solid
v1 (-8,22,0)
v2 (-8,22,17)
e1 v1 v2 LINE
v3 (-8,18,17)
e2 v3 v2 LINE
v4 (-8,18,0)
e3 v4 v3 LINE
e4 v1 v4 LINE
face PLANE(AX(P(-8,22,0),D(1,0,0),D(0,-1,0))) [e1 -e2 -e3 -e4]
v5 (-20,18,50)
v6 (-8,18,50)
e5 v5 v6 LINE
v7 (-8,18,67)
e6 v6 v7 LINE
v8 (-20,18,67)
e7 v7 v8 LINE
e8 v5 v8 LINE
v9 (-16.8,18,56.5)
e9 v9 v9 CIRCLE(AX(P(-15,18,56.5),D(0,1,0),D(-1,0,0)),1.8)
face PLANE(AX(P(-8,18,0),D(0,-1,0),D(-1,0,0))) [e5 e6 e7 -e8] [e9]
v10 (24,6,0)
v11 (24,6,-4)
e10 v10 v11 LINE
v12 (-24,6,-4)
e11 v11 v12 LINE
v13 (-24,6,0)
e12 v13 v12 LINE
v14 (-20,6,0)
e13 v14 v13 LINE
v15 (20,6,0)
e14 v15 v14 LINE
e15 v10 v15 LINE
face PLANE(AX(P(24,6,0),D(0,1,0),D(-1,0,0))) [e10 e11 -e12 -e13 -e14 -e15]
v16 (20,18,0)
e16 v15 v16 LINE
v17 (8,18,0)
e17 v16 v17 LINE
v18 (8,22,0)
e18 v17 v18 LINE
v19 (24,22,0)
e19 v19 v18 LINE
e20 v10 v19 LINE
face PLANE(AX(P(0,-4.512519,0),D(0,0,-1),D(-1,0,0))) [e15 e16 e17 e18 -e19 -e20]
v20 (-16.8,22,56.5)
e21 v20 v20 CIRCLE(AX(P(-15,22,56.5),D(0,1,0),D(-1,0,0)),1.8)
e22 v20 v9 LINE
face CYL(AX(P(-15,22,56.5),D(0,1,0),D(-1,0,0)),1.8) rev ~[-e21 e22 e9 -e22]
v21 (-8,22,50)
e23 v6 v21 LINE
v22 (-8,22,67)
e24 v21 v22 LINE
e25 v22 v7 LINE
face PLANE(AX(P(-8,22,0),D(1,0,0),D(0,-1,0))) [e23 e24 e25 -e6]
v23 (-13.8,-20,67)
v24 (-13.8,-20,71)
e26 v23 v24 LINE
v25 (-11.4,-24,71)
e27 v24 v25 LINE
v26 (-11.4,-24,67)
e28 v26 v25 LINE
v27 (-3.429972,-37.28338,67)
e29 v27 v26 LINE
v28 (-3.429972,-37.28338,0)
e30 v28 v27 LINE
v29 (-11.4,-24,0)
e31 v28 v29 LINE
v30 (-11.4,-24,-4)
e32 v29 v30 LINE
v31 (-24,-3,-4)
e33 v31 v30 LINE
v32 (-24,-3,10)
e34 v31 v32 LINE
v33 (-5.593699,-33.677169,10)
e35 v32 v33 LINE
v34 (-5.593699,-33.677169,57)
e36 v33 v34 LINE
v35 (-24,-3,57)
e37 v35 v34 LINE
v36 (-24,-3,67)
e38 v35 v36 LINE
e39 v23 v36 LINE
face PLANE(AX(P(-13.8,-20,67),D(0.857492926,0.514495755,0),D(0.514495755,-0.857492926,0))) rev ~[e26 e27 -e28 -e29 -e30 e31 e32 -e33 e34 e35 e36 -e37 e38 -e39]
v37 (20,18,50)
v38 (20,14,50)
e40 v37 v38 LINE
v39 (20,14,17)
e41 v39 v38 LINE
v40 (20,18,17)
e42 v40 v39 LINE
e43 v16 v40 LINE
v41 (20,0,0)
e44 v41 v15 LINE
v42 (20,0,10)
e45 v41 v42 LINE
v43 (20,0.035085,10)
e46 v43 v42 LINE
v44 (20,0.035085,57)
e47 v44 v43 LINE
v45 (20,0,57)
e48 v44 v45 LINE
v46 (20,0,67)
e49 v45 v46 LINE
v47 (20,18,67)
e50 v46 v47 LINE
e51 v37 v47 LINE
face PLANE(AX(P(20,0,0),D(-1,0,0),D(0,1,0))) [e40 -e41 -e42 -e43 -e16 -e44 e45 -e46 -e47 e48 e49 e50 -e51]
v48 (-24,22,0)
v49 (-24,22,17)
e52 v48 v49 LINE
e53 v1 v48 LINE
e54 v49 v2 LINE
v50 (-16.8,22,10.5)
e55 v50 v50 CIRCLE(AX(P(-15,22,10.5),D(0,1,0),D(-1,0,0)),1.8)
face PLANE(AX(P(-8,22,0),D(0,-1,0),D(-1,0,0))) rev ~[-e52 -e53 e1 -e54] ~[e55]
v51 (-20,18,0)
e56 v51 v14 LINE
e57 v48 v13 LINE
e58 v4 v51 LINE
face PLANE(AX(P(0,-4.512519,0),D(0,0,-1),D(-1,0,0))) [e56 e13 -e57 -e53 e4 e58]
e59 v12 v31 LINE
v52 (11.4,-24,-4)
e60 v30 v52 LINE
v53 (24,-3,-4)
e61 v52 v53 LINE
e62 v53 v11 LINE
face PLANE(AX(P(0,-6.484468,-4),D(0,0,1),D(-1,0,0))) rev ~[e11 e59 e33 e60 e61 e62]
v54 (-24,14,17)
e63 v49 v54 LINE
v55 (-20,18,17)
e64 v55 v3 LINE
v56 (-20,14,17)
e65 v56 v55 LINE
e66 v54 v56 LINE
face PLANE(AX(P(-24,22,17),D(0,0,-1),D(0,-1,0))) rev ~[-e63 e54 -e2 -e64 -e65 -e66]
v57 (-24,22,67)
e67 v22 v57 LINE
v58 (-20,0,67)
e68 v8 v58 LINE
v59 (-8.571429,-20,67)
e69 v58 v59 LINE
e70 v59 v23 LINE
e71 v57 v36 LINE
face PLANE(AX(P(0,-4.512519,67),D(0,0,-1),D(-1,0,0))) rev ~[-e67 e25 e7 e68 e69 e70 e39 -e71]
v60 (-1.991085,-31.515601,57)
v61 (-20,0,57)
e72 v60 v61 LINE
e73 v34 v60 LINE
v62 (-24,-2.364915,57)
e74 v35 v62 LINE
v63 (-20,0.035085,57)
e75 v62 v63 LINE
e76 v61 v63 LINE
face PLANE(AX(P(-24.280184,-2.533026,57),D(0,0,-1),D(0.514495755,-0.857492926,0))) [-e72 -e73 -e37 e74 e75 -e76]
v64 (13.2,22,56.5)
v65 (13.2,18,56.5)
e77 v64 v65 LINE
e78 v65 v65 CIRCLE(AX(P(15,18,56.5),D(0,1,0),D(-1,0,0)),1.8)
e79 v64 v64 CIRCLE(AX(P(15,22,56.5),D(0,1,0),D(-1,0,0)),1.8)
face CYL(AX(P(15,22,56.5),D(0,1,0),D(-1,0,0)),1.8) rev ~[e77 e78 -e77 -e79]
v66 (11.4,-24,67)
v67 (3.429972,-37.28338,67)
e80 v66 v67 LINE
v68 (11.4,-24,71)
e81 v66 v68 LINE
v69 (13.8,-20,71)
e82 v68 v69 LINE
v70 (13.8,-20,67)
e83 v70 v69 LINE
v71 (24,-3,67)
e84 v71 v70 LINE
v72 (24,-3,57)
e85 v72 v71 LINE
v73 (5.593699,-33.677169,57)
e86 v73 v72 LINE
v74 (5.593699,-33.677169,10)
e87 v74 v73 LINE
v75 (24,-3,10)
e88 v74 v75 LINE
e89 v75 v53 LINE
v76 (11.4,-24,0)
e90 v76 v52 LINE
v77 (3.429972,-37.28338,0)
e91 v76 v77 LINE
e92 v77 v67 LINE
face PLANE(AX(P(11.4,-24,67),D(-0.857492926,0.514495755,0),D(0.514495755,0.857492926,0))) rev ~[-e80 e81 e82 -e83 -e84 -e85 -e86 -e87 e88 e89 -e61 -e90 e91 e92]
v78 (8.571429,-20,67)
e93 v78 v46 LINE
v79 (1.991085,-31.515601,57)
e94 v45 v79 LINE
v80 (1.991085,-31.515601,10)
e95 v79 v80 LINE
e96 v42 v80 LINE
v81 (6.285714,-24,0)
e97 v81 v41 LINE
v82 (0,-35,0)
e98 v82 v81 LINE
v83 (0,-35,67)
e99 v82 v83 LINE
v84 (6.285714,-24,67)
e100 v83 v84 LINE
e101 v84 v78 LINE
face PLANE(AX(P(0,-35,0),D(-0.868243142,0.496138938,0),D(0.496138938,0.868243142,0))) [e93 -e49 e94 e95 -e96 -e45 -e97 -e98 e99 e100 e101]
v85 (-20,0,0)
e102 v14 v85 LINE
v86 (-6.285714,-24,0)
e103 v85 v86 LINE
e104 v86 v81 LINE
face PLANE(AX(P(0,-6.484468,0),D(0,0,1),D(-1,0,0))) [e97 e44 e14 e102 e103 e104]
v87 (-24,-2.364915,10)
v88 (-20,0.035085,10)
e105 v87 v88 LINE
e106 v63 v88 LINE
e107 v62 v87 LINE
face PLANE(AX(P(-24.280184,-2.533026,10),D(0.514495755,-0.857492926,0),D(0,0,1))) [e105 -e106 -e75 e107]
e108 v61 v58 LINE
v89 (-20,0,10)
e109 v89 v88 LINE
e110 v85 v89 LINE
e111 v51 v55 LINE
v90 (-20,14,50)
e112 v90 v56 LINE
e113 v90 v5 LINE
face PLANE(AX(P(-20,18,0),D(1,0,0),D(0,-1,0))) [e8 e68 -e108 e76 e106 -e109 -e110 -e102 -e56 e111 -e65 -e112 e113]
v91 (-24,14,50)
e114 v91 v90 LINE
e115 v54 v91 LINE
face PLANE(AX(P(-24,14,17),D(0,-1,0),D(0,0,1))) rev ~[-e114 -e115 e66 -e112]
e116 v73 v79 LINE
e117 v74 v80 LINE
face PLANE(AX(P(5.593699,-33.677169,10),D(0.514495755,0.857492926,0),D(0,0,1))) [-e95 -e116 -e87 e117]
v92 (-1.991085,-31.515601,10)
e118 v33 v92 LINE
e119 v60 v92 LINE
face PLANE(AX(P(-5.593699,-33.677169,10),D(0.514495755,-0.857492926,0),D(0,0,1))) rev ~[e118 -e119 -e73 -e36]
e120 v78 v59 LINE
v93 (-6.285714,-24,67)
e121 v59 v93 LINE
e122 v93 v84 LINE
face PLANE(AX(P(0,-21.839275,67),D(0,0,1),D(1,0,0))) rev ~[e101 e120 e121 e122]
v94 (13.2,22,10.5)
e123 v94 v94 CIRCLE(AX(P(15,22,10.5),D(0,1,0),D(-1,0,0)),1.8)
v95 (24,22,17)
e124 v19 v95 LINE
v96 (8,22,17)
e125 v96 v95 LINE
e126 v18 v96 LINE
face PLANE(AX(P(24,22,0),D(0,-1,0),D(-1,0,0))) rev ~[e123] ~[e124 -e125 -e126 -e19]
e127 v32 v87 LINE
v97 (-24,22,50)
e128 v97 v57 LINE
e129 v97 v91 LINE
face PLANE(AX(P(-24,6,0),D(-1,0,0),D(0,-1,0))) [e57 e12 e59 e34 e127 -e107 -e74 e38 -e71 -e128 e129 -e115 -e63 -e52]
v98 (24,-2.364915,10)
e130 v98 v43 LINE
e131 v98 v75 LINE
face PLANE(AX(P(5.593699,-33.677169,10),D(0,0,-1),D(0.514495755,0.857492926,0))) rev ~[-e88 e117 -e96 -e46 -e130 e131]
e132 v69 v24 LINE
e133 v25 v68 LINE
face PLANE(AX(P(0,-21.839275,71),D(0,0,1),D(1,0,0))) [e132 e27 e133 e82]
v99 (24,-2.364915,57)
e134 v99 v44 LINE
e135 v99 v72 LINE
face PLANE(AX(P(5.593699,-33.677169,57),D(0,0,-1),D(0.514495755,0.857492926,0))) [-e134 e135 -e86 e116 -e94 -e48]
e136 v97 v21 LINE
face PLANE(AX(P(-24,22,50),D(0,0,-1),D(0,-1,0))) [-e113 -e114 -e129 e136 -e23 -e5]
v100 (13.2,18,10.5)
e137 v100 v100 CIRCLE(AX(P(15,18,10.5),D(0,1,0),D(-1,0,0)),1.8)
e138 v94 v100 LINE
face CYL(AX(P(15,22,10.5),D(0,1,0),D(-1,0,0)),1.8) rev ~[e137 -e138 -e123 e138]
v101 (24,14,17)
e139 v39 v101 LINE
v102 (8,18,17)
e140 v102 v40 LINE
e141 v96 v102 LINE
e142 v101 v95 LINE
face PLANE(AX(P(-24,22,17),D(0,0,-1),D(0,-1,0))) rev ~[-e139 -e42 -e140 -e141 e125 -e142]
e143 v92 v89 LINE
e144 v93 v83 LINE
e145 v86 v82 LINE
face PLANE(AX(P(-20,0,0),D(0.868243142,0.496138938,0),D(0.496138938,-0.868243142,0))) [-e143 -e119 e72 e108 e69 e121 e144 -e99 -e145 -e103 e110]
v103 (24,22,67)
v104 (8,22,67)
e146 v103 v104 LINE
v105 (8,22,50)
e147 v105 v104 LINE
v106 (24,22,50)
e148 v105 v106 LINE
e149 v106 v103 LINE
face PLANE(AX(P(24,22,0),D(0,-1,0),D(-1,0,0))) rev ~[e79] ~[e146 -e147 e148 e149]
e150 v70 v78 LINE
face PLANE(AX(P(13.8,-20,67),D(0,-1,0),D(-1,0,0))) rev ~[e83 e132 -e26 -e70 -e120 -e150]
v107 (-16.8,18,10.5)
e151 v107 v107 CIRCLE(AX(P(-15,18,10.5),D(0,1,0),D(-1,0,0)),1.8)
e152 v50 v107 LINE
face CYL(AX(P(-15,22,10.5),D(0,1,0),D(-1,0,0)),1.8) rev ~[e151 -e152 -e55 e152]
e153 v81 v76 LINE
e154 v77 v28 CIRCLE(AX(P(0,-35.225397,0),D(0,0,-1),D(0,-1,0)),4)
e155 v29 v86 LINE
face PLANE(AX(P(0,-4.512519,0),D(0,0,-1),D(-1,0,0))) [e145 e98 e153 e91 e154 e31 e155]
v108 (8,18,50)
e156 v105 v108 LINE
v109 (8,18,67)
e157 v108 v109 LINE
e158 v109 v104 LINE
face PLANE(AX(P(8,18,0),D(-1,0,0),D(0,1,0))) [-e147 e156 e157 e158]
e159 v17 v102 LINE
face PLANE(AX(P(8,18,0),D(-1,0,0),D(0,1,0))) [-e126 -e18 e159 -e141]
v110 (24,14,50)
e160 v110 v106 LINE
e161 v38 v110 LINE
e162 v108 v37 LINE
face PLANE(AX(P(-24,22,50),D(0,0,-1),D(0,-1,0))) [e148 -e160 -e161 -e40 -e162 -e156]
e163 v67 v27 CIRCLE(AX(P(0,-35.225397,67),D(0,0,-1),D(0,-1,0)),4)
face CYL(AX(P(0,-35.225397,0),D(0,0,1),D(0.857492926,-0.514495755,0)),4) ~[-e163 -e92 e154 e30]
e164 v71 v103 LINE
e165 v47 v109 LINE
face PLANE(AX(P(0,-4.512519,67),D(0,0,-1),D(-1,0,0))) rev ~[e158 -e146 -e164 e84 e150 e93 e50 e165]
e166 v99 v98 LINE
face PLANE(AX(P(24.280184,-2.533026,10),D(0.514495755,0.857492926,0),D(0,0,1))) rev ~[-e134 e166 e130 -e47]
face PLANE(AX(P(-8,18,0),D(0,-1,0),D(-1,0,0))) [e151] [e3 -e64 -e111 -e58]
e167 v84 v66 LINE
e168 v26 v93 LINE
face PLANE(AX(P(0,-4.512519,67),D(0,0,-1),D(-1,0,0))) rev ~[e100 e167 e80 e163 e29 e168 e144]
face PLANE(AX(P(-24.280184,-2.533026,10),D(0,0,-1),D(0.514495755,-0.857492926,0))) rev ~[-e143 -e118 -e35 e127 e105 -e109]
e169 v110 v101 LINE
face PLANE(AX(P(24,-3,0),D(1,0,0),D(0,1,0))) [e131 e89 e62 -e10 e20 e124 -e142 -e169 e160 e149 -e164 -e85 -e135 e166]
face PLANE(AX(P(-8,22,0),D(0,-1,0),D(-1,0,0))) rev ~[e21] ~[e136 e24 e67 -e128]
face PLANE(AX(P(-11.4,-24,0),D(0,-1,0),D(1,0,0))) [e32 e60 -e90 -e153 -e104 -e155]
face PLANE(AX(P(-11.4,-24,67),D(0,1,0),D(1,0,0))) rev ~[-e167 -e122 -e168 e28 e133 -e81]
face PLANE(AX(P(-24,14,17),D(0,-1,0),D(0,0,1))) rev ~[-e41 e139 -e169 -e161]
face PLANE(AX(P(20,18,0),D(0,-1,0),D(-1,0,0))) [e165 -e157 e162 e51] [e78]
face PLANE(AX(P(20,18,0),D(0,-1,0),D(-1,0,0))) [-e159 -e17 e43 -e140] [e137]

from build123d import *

# Parameters (mm, degrees)
PAD_DEPTH       = 67
SKETCH001_R     = 1.8
POCKET_DEPTH    = 5
SKETCH002_W     = 36.32
SKETCH002_H     = 47
POCKET001_DEPTH = 5
SKETCH003_W     = 36.32
SKETCH003_H     = 47
POCKET002_DEPTH = 5
FILLET_R        = 4
PAD001_DEPTH    = 4
PAD002_DEPTH    = 4
SKETCH006_W     = 8
SKETCH006_H     = 33
POCKET003_DEPTH = 100


with BuildPart() as part:
    # Sketch → Pad (new body)
    with BuildSketch(Plane.XY):
        Polygon((20, 22), (24, 22), (24, 0), (24, -3), (0, -43), (-24, -3), (-24, 0), (-24, 22), (-20, 22), (-8, 22), (-8, 18), (-20, 18), (-20, 0), (0, -35), (20, 0), (20, 18), (8, 18), (8, 22), align=None)
    extrude(amount=PAD_DEPTH)

    # Sketch001 (on Face10 of Pad) → Pocket (cut)
    with BuildSketch(Plane(origin=(0, 22, 0), x_dir=(-1, 0, 0), z_dir=(0, 1, 0))):
        with Locations((15, 56.5)):
            Circle(SKETCH001_R)
        with Locations((15, 10.5)):
            Circle(SKETCH001_R)
        with Locations((-15, 56.5)):
            Circle(SKETCH001_R)
        with Locations((-15, 10.5)):
            Circle(SKETCH001_R)
    extrude(amount=-POCKET_DEPTH, mode=Mode.SUBTRACT)

    # Sketch002 (on Face11 of Pocket) → Pocket001 (cut)
    with BuildSketch(Plane(origin=(-18.9705882353, -11.3823529412, 0), x_dir=(0.5144957554, -0.8574929257, 0), z_dir=(-0.8574929257, -0.5144957554, 0))):
        with Locations((7.84, 33.5)):
            Rectangle(SKETCH002_W, SKETCH002_H)
    extrude(amount=-POCKET001_DEPTH, mode=Mode.SUBTRACT)

    # Sketch003 (on Face10 of Pocket001) → Pocket002 (cut)
    with BuildSketch(Plane(origin=(18.9705882353, -11.3823529412, 0), x_dir=(0.5144957554, 0.8574929257, 0), z_dir=(0.8574929257, -0.5144957554, 0))):
        with Locations((-7.84, 33.5)):
            Rectangle(SKETCH003_W, SKETCH003_H)
    extrude(amount=-POCKET002_DEPTH, mode=Mode.SUBTRACT)

    # Fillet
    fillet_edges = [part.edges().sort_by_distance(p)[0] for p in [
        (0, -43, 33.5),
    ]]
    fillet(fillet_edges, radius=FILLET_R)

    # Sketch004 (on Face19 of Pad) → Pad001 (join)
    with BuildSketch(Plane(origin=(0, 0, 0), x_dir=(1, 0, 0), z_dir=(0, 0, -1))):
        Polygon((24, 3), (24, -6), (-24, -6), (-24, 3), (-11.4, 24), (11.4, 24), align=None)
    extrude(amount=PAD001_DEPTH)

    # Sketch005 → Pad002 (join)
    with BuildSketch(Plane.XY.offset(67)):
        Polygon((13.8, -20), (-13.8, -20), (-11.4, -24), (11.4, -24), align=None)
    extrude(amount=PAD002_DEPTH)

    # Sketch006 (on Face17 of Pad002) → Pocket003 (cut)
    with BuildSketch(Plane(origin=(-24, 0, 0), x_dir=(0, -1, 0), z_dir=(-1, 0, 0))):
        with Locations((-18, 33.5)):
            Rectangle(SKETCH006_W, SKETCH006_H)
    extrude(amount=-POCKET003_DEPTH, mode=Mode.SUBTRACT)


solid = part.part
